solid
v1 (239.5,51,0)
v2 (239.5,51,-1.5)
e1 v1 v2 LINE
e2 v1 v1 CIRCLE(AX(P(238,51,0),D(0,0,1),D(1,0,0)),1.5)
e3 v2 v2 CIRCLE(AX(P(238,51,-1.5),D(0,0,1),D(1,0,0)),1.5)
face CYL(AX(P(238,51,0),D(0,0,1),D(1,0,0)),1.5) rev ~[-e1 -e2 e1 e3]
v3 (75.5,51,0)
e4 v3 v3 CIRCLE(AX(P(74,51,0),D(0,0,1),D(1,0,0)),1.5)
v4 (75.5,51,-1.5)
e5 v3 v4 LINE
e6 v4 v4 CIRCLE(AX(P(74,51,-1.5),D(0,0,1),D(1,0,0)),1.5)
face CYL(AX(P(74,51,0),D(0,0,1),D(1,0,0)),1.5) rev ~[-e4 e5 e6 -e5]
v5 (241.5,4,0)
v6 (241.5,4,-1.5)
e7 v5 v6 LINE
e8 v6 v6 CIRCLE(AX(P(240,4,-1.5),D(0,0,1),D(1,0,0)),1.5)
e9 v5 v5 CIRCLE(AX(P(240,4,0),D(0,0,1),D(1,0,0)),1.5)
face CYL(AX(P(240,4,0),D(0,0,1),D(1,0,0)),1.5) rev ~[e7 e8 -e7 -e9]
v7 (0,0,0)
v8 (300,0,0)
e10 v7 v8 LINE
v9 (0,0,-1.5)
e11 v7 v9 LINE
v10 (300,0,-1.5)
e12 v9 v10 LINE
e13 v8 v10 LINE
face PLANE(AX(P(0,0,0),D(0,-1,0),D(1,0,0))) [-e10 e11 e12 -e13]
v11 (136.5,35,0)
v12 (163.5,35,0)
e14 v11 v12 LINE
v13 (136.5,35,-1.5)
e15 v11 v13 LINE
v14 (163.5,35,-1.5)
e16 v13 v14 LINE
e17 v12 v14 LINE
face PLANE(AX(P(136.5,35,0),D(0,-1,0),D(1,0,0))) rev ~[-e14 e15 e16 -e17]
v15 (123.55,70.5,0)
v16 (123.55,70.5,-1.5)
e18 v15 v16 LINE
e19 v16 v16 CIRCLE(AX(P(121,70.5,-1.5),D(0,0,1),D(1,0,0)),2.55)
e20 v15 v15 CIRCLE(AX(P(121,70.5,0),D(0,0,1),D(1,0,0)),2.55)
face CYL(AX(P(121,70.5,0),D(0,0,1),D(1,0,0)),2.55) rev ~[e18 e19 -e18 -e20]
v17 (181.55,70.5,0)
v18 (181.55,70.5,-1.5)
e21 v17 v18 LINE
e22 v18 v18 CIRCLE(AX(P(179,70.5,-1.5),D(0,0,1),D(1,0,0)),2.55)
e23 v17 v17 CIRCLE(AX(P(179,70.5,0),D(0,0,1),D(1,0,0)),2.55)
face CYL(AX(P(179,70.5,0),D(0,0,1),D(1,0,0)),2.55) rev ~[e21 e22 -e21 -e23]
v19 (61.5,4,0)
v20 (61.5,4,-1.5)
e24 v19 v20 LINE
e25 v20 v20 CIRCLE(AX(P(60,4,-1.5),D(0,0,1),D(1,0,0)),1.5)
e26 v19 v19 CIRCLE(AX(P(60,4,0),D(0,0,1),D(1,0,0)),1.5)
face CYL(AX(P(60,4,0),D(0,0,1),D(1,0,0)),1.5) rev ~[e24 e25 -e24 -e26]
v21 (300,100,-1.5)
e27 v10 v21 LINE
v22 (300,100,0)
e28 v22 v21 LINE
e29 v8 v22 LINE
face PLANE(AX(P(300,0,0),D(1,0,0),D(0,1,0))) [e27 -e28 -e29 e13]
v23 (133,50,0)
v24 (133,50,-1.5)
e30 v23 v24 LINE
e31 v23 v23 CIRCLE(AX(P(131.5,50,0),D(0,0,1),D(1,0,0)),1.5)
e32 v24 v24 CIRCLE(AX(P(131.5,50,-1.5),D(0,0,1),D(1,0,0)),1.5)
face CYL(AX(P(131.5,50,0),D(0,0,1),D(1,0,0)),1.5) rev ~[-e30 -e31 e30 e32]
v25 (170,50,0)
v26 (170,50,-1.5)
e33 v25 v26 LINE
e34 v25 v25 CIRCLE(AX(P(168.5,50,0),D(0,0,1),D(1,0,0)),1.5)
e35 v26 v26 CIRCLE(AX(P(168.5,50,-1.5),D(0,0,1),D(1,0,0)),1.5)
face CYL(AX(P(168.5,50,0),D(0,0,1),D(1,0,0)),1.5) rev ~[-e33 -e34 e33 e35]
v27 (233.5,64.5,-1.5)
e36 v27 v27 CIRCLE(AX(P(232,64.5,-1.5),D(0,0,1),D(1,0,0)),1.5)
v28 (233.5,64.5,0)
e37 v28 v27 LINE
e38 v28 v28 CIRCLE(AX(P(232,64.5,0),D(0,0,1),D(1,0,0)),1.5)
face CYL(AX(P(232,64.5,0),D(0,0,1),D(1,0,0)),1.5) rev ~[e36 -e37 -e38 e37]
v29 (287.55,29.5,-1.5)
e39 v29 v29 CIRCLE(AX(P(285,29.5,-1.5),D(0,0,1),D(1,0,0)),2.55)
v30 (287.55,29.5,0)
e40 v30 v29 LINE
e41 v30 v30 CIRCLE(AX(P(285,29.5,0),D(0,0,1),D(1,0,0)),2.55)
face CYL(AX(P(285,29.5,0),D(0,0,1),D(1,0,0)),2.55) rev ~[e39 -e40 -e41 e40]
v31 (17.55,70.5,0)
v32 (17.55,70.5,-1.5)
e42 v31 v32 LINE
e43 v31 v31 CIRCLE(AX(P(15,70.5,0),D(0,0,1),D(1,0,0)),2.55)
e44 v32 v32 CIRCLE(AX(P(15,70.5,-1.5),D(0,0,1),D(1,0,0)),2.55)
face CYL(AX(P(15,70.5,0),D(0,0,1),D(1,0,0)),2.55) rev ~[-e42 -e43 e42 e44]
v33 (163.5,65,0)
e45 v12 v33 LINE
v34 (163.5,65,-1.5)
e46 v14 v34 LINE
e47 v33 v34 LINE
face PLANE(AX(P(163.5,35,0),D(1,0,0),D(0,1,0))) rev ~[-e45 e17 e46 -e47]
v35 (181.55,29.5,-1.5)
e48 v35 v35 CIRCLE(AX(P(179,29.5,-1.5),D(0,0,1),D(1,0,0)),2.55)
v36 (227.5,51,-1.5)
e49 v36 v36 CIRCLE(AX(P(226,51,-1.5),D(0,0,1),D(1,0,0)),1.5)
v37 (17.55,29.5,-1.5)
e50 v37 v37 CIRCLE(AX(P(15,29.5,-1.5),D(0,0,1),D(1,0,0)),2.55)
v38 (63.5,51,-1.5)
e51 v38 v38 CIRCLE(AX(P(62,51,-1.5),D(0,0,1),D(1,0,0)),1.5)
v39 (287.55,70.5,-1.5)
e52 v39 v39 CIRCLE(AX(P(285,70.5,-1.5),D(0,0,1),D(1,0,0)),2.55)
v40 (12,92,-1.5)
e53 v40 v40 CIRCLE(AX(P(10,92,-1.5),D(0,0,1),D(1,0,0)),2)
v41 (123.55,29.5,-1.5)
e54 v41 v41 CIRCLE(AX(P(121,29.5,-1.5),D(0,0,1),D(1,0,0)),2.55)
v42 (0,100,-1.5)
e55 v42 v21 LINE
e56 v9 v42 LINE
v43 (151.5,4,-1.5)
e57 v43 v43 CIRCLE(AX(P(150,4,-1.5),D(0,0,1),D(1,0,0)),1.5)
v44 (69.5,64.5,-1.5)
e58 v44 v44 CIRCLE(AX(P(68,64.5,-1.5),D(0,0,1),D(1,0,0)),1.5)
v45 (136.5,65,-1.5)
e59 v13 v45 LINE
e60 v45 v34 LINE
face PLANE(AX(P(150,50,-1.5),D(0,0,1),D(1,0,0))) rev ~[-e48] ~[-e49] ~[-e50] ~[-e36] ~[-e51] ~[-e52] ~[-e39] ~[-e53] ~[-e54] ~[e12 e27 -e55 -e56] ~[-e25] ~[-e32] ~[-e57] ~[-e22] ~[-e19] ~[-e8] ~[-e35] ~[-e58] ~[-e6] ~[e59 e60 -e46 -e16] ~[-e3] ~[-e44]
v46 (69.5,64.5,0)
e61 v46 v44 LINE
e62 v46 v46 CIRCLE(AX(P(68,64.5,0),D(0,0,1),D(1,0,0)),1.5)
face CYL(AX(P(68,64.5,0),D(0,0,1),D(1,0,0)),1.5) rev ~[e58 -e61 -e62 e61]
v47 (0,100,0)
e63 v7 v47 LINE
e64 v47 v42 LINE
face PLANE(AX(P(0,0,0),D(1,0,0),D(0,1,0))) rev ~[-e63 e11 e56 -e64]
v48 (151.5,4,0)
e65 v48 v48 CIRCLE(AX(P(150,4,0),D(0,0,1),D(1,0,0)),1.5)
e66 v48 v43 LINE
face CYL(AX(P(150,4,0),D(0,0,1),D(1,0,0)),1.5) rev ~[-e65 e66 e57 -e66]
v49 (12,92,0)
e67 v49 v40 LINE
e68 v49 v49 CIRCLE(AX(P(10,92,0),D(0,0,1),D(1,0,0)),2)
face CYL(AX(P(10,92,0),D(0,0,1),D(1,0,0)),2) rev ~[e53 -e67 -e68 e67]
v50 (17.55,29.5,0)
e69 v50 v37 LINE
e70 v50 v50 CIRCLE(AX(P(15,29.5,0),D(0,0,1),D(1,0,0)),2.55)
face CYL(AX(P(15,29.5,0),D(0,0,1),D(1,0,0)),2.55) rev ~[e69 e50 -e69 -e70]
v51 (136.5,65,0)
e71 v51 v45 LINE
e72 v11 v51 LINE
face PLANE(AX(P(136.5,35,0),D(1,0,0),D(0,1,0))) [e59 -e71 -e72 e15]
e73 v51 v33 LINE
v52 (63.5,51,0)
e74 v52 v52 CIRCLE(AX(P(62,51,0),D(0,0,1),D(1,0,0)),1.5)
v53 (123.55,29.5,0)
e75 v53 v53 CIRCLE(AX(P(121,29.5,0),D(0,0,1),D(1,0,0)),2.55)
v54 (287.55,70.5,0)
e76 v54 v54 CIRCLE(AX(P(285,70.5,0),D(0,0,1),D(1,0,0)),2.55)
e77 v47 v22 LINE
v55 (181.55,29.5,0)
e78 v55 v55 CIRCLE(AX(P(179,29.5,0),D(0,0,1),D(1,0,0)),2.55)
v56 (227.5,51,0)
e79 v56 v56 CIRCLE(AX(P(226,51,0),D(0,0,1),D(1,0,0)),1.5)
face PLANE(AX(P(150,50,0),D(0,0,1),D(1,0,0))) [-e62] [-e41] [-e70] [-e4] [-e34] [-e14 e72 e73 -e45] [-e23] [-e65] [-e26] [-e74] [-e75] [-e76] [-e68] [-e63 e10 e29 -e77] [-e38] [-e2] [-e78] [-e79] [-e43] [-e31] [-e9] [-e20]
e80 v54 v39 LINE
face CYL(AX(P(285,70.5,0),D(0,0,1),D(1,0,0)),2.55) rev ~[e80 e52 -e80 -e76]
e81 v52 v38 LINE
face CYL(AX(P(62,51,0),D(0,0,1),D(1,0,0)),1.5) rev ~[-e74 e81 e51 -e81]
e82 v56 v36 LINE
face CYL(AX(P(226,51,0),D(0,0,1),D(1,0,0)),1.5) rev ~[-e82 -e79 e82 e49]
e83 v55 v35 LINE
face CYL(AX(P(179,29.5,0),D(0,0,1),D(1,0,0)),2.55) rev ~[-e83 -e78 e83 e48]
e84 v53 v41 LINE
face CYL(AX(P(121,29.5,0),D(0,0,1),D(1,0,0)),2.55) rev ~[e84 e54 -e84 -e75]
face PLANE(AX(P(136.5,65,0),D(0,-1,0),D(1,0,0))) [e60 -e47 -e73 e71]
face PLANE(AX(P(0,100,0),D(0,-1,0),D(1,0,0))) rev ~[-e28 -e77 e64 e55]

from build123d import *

# Parameters (mm, degrees)
F0_W     = 300
F0_H     = 100
F0_R     = 1.5
F0_R_2   = 2.55
F0_R_3   = 2
F0_W_2   = 27
F0_H_2   = 30
F1_DEPTH = 1.5


with BuildPart() as f1:
    # F0 (on Top) → F1 (new body)
    with BuildSketch(Plane.XY):
        with Locations((150, 50)):
            Rectangle(F0_W, F0_H)
        with Locations((60, 4)):
            Circle(F0_R, mode=Mode.SUBTRACT)
        with Locations((15, 29.5)):
            Circle(F0_R_2, mode=Mode.SUBTRACT)
        with Locations((121, 29.5)):
            Circle(F0_R_2, mode=Mode.SUBTRACT)
        with Locations((150, 4)):
            Circle(F0_R, mode=Mode.SUBTRACT)
        with Locations((240, 4)):
            Circle(F0_R, mode=Mode.SUBTRACT)
        with Locations((179, 29.5)):
            Circle(F0_R_2, mode=Mode.SUBTRACT)
        with Locations((285, 29.5)):
            Circle(F0_R_2, mode=Mode.SUBTRACT)
        with Locations((62, 51)):
            Circle(F0_R, mode=Mode.SUBTRACT)
        with Locations((74, 51)):
            Circle(F0_R, mode=Mode.SUBTRACT)
        with Locations((15, 70.5)):
            Circle(F0_R_2, mode=Mode.SUBTRACT)
        with Locations((68, 64.5)):
            Circle(F0_R, mode=Mode.SUBTRACT)
        with Locations((131.5, 50)):
            Circle(F0_R, mode=Mode.SUBTRACT)
        with Locations((121, 70.5)):
            Circle(F0_R_2, mode=Mode.SUBTRACT)
        with Locations((10, 92)):
            Circle(F0_R_3, mode=Mode.SUBTRACT)
        with Locations((150, 50)):
            Rectangle(F0_W_2, F0_H_2, mode=Mode.SUBTRACT)
        with Locations((168.5, 50)):
            Circle(F0_R, mode=Mode.SUBTRACT)
        with Locations((179, 70.5)):
            Circle(F0_R_2, mode=Mode.SUBTRACT)
        with Locations((226, 51)):
            Circle(F0_R, mode=Mode.SUBTRACT)
        with Locations((238, 51)):
            Circle(F0_R, mode=Mode.SUBTRACT)
        with Locations((232, 64.5)):
            Circle(F0_R, mode=Mode.SUBTRACT)
        with Locations((285, 70.5)):
            Circle(F0_R_2, mode=Mode.SUBTRACT)
    extrude(amount=-F1_DEPTH)


solid = f1.part
